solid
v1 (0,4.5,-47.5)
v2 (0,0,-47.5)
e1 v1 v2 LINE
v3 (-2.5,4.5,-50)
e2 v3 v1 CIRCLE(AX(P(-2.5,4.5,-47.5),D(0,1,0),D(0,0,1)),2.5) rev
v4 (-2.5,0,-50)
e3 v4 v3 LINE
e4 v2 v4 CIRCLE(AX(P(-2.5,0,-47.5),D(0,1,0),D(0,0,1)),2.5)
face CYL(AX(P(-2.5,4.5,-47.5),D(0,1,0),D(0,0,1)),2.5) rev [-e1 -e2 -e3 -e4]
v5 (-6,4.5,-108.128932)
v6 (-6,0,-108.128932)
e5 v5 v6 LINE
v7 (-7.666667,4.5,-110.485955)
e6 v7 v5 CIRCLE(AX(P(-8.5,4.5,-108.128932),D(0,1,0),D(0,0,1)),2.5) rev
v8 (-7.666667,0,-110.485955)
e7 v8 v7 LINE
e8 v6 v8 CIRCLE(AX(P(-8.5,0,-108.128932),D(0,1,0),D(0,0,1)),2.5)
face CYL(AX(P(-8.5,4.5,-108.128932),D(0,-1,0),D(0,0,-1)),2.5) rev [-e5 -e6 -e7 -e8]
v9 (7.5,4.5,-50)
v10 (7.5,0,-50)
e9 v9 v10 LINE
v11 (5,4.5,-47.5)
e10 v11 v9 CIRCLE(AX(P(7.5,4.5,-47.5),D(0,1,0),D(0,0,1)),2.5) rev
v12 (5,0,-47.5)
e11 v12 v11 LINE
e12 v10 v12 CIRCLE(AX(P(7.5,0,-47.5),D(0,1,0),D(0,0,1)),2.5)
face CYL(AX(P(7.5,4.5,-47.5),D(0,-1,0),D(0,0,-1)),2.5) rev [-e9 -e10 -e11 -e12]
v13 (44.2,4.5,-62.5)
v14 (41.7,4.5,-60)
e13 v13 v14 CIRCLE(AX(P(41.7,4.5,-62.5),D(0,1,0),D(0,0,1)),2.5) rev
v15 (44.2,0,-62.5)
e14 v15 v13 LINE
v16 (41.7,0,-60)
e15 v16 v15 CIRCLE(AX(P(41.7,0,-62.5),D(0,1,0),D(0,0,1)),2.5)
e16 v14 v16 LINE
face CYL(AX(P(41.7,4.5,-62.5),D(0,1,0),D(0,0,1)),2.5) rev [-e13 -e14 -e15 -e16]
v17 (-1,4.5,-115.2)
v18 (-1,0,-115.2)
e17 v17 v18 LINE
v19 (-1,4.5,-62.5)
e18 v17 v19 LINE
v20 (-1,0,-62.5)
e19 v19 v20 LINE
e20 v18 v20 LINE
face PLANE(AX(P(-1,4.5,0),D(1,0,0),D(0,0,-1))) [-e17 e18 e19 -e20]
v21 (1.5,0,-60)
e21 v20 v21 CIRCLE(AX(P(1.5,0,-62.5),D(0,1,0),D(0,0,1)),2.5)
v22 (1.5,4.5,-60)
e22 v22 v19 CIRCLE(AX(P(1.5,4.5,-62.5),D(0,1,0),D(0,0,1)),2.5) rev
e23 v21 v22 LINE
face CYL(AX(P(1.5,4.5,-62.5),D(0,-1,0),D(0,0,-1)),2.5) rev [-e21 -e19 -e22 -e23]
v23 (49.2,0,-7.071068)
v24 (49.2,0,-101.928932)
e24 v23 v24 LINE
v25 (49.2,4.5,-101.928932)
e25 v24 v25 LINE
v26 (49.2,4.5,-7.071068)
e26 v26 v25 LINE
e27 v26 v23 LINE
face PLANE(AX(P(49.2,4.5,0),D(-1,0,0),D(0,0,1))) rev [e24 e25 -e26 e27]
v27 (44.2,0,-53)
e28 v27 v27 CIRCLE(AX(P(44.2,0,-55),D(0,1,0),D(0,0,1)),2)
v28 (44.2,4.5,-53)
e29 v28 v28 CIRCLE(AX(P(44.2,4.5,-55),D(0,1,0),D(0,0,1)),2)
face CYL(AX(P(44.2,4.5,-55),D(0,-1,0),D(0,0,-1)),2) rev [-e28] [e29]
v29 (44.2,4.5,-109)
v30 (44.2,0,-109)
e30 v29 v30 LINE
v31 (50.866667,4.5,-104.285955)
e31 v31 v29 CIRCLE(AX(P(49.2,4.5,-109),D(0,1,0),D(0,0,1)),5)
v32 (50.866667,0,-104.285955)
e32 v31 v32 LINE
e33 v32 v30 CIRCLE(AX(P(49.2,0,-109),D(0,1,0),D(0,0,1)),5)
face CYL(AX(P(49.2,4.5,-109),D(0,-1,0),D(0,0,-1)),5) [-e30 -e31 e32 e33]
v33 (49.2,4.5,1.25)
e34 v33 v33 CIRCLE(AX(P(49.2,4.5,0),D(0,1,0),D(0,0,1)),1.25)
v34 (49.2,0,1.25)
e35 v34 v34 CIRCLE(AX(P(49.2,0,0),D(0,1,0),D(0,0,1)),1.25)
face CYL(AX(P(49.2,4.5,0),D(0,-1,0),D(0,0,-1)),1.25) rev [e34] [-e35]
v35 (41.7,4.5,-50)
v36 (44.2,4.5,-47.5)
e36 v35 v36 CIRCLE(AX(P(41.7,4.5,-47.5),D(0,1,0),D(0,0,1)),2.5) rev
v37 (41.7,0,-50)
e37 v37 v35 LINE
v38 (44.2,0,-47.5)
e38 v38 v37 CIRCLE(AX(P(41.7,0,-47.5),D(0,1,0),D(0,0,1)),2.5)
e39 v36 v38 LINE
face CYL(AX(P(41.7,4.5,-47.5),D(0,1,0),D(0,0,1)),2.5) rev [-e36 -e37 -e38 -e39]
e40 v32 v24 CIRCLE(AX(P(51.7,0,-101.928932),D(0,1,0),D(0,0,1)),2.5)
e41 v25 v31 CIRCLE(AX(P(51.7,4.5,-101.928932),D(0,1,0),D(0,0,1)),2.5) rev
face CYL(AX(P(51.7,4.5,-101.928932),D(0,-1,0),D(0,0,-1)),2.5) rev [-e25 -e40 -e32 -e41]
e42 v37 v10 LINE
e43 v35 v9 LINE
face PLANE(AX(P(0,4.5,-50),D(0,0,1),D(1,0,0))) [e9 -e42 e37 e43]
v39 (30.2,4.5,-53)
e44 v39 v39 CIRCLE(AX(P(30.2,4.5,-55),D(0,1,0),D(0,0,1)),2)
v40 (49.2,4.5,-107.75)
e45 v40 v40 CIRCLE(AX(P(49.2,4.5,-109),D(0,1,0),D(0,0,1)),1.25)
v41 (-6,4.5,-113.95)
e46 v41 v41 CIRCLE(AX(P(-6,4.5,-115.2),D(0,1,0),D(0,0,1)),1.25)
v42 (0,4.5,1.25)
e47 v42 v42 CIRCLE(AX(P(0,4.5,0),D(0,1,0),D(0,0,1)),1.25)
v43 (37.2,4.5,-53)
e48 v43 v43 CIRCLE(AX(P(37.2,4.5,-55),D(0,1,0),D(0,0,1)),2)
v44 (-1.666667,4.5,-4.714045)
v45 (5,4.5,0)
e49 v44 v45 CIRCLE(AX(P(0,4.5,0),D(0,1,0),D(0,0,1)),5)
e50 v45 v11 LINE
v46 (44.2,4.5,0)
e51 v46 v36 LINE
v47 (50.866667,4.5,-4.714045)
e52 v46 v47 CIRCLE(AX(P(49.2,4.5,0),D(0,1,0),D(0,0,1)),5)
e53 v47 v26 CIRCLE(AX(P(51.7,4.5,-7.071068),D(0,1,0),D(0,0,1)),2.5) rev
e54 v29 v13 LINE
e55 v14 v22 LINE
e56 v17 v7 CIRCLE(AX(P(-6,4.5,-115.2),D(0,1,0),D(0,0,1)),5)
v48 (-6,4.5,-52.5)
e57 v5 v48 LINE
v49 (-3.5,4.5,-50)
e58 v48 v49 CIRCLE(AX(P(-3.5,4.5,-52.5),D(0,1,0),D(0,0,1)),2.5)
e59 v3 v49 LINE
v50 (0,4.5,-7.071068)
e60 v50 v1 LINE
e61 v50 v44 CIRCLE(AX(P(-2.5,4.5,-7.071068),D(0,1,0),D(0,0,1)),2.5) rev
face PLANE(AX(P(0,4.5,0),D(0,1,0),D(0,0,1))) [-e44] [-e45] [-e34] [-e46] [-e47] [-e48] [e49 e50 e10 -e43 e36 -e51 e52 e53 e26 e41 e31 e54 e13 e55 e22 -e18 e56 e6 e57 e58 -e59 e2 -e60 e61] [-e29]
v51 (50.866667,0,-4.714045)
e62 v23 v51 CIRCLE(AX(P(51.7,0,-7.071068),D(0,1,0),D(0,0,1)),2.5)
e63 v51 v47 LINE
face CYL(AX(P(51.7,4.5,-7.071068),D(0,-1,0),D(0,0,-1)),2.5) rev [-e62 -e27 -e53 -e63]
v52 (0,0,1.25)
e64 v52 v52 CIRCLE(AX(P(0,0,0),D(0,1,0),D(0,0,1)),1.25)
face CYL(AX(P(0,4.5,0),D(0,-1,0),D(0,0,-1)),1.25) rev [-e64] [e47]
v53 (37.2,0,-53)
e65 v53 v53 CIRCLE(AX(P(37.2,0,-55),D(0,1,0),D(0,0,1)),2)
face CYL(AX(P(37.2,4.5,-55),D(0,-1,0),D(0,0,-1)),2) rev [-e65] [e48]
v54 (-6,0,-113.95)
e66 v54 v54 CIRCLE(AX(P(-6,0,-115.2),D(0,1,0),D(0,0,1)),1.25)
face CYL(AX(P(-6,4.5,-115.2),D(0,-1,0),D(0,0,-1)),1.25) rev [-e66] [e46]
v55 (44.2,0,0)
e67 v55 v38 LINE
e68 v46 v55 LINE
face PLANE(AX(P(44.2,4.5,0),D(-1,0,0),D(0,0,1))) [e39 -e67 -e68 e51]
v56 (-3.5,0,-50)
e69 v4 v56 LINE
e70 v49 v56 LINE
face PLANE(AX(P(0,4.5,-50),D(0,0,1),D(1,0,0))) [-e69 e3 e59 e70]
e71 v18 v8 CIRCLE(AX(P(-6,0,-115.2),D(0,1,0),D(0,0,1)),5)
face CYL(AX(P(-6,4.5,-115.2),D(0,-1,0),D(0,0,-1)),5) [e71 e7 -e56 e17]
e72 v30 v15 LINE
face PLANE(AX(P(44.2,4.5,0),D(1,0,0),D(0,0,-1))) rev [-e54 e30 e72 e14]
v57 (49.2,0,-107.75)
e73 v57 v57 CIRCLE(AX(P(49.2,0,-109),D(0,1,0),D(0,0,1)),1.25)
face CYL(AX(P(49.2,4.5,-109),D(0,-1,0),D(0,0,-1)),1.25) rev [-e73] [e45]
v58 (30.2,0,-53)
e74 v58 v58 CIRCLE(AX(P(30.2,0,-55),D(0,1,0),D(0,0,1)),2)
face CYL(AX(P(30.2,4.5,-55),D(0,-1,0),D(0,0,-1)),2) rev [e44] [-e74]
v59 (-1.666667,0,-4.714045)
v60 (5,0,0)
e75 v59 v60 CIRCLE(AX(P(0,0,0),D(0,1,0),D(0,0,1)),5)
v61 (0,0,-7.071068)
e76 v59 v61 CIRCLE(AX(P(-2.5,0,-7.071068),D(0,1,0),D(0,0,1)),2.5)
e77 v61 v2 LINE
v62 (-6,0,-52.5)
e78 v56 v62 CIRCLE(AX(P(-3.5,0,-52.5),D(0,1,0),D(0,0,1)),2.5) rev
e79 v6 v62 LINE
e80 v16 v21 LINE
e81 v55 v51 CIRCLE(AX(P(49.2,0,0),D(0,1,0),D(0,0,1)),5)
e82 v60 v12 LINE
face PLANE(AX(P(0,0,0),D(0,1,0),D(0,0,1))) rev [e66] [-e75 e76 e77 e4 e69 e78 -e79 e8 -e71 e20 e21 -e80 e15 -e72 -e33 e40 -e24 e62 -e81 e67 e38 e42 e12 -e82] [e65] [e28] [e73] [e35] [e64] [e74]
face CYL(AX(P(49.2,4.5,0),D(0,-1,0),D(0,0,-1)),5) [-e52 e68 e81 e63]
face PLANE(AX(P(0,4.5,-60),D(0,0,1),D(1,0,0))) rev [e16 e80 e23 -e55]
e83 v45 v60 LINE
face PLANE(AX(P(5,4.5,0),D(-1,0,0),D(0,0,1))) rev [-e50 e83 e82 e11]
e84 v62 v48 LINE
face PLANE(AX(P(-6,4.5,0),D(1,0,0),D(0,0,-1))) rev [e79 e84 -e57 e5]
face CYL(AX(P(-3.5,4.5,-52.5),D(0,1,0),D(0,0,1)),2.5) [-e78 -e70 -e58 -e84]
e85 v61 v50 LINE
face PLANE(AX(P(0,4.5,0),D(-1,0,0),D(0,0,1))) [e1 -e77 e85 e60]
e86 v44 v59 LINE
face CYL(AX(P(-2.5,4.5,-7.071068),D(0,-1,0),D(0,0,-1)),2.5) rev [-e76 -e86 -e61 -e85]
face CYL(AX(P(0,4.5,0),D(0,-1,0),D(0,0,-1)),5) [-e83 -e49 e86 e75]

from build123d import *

# Parameters (mm, degrees)
SKETCH1_R           = 1.25
SKETCH1_R_2         = 2
BOSS_EXTRUDE1_DEPTH = 4.5
FILLET5_R           = 2.5


with BuildPart() as part:
    # Sketch1 → Boss-Extrude1 (new body)
    with BuildSketch(Plane(origin=(0, 0, 0), x_dir=(1, 0, 0), z_dir=(0, 1, 0))):
        with BuildLine():
            Line((-6, 50), (0, 50))
            Line((0, 50), (0, 5))
            ThreePointArc((0, 5), (-3.535533906, -3.535533906), (5, 0))
            Line((5, 0), (5, 50))
            Line((5, 50), (44.2, 50))
            Line((44.2, 50), (44.2, 0))
            ThreePointArc((44.2, 0), (52.735533906, -3.535533906), (49.2, 5))
            Line((49.2, 5), (49.2, 50))
            Line((49.2, 50), (49.2, 60))
            Line((49.2, 60), (49.2, 104))
            ThreePointArc((49.2, 104), (52.735533906, 112.535533906), (44.2, 109))
            Line((44.2, 109), (44.2, 60))
            Line((44.2, 60), (-1, 60))
            Line((-1, 60), (-1, 115.2))
            ThreePointArc((-1, 115.2), (-9.535533906, 118.735533906), (-6, 110.2))
            Line((-6, 110.2), (-6, 60))
            Line((-6, 60), (-6, 50))
        make_face()
        Circle(SKETCH1_R, mode=Mode.SUBTRACT)
        with Locations((49.2, 0)):
            Circle(SKETCH1_R, mode=Mode.SUBTRACT)
        with Locations((30.2, 55)):
            Circle(SKETCH1_R_2, mode=Mode.SUBTRACT)
        with Locations((37.2, 55)):
            Circle(SKETCH1_R_2, mode=Mode.SUBTRACT)
        with Locations((44.2, 55)):
            Circle(SKETCH1_R_2, mode=Mode.SUBTRACT)
        with Locations((-6, 115.2)):
            Circle(SKETCH1_R, mode=Mode.SUBTRACT)
        with Locations((49.2, 109)):
            Circle(SKETCH1_R, mode=Mode.SUBTRACT)
    extrude(amount=BOSS_EXTRUDE1_DEPTH)

    # Fillet5
    fillet5_edges = [part.edges().sort_by_distance(p)[0] for p in [
        (-1, 2.25, -60),
        (44.2, 2.25, -60),
        (49.2, 2.25, -104),
        (49.2, 2.25, -5),
        (44.2, 2.25, -50),
        (5, 2.25, -50),
        (0, 2.25, -5),
        (0, 2.25, -50),
        (-6, 2.25, -50),
        (-6, 2.25, -110.2),
    ]]
    fillet(fillet5_edges, radius=FILLET5_R)


solid = part.part
